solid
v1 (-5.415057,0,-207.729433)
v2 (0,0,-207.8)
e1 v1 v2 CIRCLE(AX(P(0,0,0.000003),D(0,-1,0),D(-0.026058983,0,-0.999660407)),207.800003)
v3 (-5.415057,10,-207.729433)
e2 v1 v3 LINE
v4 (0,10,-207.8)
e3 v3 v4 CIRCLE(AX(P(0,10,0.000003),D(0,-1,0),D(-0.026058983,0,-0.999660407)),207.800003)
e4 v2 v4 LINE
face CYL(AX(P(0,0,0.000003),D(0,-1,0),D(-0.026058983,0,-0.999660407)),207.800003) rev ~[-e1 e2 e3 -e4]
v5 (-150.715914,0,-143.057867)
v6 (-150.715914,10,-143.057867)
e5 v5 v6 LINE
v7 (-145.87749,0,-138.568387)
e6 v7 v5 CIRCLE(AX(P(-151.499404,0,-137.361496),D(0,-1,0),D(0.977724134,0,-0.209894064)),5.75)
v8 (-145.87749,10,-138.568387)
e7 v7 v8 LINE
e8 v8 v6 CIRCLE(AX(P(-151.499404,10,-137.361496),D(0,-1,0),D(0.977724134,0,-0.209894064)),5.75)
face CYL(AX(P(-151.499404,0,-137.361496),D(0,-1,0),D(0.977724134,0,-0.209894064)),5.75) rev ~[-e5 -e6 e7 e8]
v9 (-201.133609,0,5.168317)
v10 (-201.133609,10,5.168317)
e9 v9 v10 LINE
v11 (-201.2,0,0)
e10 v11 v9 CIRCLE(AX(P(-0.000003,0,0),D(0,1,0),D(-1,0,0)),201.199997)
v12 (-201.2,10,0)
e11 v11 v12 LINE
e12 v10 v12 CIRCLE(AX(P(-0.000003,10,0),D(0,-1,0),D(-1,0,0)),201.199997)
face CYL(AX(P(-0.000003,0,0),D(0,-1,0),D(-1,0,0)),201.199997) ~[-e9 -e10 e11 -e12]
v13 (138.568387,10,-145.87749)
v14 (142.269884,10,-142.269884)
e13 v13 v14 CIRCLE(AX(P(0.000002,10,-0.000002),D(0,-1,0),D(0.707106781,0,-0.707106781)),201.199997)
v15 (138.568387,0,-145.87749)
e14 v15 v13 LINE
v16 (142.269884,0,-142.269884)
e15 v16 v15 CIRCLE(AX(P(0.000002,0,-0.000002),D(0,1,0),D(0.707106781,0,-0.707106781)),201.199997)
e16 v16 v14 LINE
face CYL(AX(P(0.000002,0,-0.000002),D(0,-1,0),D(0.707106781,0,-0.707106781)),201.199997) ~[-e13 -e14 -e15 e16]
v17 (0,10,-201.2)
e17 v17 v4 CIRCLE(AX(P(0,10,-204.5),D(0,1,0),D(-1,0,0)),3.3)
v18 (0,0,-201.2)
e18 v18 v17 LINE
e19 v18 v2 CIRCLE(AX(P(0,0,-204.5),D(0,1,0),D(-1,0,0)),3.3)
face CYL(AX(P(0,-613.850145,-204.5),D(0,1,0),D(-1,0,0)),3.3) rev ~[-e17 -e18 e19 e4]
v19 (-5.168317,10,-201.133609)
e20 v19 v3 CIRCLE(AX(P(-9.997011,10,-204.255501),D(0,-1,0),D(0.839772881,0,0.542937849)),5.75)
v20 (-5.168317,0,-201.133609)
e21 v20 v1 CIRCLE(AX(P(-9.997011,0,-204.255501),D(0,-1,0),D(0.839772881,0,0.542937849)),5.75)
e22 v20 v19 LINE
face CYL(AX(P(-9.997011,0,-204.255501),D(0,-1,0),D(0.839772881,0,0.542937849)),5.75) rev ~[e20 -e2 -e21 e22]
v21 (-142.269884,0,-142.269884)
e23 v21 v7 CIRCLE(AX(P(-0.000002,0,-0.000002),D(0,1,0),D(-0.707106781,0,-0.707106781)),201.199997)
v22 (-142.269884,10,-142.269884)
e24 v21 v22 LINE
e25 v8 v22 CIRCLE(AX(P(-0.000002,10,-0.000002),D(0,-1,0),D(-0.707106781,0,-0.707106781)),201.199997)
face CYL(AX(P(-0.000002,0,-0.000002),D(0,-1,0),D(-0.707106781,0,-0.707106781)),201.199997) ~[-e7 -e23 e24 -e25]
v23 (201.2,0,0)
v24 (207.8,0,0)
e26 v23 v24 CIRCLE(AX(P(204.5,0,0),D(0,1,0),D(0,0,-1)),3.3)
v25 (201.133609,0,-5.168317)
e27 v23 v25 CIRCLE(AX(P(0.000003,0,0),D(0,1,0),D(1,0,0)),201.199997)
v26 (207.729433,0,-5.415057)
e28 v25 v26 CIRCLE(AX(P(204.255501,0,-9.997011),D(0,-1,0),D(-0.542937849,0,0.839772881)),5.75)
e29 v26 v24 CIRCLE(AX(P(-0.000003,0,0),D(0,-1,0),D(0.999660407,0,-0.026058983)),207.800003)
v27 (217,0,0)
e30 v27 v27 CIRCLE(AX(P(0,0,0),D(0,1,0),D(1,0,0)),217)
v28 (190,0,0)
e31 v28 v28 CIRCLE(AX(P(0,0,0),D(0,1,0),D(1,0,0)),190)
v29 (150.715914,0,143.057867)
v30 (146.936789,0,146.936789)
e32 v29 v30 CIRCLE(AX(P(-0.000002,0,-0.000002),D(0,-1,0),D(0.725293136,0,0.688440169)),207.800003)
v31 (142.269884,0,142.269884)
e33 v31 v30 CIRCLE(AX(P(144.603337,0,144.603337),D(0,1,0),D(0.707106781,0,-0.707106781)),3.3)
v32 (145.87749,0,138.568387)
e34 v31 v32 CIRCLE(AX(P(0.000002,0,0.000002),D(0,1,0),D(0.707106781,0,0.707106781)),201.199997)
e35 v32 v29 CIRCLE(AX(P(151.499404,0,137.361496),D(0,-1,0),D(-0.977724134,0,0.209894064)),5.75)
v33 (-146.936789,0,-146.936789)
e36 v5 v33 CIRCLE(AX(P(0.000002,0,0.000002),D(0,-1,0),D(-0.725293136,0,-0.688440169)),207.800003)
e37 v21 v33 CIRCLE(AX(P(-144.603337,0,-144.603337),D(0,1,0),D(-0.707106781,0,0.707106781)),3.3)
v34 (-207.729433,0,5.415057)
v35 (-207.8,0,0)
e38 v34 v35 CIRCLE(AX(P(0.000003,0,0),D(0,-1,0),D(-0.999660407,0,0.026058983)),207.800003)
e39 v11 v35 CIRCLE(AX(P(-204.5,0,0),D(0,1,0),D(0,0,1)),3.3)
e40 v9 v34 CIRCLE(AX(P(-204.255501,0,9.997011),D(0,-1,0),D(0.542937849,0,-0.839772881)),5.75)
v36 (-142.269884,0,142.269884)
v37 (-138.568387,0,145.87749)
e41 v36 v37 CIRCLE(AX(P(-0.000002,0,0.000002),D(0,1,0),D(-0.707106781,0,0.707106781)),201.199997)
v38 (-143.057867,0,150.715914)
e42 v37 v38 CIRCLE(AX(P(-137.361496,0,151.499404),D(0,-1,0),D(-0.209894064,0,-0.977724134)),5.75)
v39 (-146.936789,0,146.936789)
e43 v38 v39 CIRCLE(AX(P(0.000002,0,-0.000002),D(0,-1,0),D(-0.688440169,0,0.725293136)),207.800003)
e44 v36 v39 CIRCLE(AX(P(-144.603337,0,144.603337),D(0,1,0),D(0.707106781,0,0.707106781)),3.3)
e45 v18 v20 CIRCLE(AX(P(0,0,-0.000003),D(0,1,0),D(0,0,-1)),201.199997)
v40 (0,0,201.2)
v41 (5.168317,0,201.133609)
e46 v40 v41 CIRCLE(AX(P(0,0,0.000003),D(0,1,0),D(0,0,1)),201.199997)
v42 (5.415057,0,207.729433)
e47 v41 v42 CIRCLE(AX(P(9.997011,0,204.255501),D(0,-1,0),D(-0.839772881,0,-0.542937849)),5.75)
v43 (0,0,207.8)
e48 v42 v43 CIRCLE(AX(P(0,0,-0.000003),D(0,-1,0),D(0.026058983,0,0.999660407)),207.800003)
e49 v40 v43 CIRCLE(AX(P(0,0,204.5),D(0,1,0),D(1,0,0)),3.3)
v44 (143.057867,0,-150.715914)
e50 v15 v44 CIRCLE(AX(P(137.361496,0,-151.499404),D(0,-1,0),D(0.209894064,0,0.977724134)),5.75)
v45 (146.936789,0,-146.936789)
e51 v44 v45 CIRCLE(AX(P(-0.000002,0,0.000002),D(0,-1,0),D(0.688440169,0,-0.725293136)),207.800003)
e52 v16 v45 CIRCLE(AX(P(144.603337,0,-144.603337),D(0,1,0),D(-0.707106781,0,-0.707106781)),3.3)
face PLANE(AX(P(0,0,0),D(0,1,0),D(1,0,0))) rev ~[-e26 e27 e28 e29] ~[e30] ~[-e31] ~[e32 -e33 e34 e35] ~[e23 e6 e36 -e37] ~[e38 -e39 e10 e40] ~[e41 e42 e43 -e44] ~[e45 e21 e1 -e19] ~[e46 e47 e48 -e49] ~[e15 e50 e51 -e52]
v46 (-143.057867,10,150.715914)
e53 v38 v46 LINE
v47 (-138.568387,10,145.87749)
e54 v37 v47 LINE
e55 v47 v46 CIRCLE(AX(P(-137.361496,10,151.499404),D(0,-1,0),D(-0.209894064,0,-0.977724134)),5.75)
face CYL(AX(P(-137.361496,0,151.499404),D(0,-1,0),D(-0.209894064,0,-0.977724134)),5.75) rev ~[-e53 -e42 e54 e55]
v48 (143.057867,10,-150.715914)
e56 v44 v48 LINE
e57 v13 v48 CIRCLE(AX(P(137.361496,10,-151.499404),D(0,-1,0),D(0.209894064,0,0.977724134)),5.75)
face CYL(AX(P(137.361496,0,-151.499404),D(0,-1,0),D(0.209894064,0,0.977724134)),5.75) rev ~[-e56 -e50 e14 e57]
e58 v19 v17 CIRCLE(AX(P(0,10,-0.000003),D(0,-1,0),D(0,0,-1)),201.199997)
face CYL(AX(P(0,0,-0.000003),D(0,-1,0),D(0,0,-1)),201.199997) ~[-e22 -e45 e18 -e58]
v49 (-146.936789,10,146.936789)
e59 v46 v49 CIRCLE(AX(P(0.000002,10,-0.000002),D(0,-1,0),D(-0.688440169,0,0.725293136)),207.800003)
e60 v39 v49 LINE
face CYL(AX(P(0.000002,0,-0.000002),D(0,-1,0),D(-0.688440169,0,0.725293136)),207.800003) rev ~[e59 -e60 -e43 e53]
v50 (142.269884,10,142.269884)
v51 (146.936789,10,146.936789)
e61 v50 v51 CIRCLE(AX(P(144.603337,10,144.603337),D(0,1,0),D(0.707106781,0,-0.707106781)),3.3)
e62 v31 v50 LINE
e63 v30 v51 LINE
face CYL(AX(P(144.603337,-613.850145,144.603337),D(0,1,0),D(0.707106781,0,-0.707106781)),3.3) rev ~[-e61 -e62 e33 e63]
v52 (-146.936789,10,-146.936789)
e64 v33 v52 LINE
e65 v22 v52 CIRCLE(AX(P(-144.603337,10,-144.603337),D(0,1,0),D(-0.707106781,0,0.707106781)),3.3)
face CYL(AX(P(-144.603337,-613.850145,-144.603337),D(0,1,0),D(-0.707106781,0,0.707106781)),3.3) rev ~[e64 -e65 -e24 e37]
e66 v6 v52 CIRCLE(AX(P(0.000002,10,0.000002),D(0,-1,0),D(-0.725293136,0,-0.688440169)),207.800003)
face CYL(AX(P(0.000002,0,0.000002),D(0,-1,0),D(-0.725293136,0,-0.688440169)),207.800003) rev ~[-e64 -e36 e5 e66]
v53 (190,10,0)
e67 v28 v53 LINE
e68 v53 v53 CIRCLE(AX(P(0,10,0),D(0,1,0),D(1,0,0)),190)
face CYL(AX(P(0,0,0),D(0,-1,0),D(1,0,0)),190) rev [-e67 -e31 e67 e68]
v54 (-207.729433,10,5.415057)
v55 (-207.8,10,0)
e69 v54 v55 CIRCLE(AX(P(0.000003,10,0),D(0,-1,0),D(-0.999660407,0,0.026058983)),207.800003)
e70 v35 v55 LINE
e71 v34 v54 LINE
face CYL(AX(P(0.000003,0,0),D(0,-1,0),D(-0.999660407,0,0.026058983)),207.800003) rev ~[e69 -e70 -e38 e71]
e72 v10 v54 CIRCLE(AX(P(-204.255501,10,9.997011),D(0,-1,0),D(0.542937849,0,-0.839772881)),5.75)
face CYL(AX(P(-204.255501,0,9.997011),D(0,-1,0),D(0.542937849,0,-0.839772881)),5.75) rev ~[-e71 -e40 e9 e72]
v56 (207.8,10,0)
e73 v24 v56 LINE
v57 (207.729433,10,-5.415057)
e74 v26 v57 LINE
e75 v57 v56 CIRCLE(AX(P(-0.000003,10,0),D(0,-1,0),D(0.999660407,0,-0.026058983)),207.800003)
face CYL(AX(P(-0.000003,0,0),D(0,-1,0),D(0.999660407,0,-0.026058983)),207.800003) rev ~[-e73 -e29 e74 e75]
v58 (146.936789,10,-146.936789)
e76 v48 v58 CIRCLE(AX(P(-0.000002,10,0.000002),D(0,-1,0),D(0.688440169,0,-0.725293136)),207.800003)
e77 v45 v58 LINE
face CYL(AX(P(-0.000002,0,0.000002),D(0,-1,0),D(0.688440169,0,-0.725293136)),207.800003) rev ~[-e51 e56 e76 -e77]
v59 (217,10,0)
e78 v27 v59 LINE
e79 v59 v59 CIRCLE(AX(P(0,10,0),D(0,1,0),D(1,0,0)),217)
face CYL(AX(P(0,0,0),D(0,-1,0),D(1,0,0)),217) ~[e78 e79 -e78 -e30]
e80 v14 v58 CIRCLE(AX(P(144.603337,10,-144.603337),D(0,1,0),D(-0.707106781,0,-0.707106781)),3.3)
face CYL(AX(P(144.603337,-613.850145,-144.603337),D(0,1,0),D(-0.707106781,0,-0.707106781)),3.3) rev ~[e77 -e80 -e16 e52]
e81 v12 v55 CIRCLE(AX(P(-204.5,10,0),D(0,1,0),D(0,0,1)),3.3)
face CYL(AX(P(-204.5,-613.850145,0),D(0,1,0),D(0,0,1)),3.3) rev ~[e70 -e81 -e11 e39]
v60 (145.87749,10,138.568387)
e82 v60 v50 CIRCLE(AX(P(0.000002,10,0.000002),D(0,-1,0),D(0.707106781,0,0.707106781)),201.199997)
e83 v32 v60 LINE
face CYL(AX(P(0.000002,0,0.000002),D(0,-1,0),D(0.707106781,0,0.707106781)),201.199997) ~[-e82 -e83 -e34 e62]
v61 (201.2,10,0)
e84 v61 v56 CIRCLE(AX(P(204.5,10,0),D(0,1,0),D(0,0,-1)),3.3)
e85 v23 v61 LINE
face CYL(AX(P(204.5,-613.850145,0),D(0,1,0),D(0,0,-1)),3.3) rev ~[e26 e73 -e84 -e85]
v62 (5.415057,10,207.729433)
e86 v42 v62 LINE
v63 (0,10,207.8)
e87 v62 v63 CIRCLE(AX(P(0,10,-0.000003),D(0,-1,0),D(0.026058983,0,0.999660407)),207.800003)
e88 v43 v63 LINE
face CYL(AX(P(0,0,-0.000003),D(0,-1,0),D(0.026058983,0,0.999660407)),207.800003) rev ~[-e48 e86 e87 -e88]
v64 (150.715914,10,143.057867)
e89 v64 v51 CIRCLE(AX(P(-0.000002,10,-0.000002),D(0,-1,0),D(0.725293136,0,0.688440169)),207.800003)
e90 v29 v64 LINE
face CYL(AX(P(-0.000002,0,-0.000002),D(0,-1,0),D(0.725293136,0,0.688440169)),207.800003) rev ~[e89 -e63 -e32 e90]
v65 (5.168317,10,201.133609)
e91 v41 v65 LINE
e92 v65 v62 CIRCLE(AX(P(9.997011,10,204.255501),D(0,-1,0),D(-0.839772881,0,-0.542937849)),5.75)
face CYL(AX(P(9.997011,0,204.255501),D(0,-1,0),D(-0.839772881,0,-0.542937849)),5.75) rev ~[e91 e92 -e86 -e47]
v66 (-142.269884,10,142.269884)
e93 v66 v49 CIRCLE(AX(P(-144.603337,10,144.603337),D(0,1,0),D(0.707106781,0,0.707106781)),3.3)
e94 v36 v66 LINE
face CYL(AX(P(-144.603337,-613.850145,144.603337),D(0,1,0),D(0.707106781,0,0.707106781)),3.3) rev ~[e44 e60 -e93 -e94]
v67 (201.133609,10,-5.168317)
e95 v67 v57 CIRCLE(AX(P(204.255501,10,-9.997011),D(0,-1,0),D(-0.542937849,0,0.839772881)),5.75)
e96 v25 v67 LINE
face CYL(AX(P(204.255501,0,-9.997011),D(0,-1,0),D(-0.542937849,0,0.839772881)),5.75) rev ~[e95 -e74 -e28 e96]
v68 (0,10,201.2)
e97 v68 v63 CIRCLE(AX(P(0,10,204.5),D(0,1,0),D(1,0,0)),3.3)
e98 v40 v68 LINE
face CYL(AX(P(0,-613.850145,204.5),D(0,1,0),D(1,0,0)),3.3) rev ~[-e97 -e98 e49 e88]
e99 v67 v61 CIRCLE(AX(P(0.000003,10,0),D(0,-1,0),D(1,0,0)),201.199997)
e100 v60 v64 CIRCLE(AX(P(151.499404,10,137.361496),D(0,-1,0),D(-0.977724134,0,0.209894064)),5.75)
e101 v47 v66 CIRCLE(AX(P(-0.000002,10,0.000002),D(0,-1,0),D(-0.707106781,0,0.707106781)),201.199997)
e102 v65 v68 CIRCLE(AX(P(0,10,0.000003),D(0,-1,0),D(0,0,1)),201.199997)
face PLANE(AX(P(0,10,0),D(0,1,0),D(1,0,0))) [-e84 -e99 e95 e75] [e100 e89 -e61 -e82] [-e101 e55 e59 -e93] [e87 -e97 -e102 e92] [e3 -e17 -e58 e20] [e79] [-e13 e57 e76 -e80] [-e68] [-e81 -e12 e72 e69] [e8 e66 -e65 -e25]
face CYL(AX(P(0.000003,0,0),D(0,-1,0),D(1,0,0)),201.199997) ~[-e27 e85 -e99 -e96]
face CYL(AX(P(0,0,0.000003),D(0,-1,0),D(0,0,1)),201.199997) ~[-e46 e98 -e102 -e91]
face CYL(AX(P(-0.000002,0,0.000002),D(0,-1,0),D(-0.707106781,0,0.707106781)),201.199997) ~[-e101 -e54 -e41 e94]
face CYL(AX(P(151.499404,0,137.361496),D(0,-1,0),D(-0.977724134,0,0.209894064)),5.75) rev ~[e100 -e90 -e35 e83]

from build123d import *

# Parameters (mm, degrees)
SKETCH1_R            = 217
SKETCH1_R_2          = 190
MAINRING_DEPTH       = 10
M6_CLEARANCE_HOLE1_D = 6.6
HOLEPATTERN_COUNT    = 8
CUT_EXTRUDE1_DEPTH   = 11
CIRPATTERN1_COUNT    = 8


with BuildPart() as part:
    # Sketch1 → MainRing (new body)
    with BuildSketch(Plane(origin=(0, 0, 0), x_dir=(1, 0, 0), z_dir=(0, 1, 0))):
        Circle(SKETCH1_R)
        Circle(SKETCH1_R_2, mode=Mode.SUBTRACT)
    extrude(amount=MAINRING_DEPTH)

    # M6 Clearance Hole1 (through all)
    with Locations(Plane(origin=(0, 0, 0), x_dir=(-1, 0, 0), z_dir=(0, -1, 0))):
        with Locations((0, -204.5)):
            m6_clearance_hole1 = Hole(M6_CLEARANCE_HOLE1_D / 2)

    # HolePattern: M6 Clearance Hole1 ×8 about axis
    holepattern_axis = Axis((0, 0, 0), (0, 1, 0))
    for i in range(1, HOLEPATTERN_COUNT):
        add(m6_clearance_hole1.rotate(holepattern_axis, i * 360 / HOLEPATTERN_COUNT), mode=Mode.SUBTRACT)

    # Sketch5 → Cut-Extrude1 (cut, through all)
    with BuildSketch(Plane.XZ):
        with BuildLine():
            ThreePointArc((201.13360859, -5.168316504), (204.040552386, -15.742991514), (207.729432581, -5.415056739))
            ThreePointArc((207.729432581, -5.415056739), (207.782357396, -2.707758263), (207.8, 0))
            ThreePointArc((207.8, 0), (204.5, -3.3), (201.2, 0))
            ThreePointArc((201.2, 0), (201.183401463, -2.584371456), (201.13360859, -5.168316504))
        make_face()
    cut_extrude1 = extrude(amount=-CUT_EXTRUDE1_DEPTH, mode=Mode.SUBTRACT)

    # CirPattern1: Cut-Extrude1 ×8 about axis
    cirpattern1_axis = Axis((0, 0, 0), (0, 1, 0))
    for i in range(1, CIRPATTERN1_COUNT):
        add(cut_extrude1.rotate(cirpattern1_axis, i * 360 / CIRPATTERN1_COUNT), mode=Mode.SUBTRACT)


solid = part.part
